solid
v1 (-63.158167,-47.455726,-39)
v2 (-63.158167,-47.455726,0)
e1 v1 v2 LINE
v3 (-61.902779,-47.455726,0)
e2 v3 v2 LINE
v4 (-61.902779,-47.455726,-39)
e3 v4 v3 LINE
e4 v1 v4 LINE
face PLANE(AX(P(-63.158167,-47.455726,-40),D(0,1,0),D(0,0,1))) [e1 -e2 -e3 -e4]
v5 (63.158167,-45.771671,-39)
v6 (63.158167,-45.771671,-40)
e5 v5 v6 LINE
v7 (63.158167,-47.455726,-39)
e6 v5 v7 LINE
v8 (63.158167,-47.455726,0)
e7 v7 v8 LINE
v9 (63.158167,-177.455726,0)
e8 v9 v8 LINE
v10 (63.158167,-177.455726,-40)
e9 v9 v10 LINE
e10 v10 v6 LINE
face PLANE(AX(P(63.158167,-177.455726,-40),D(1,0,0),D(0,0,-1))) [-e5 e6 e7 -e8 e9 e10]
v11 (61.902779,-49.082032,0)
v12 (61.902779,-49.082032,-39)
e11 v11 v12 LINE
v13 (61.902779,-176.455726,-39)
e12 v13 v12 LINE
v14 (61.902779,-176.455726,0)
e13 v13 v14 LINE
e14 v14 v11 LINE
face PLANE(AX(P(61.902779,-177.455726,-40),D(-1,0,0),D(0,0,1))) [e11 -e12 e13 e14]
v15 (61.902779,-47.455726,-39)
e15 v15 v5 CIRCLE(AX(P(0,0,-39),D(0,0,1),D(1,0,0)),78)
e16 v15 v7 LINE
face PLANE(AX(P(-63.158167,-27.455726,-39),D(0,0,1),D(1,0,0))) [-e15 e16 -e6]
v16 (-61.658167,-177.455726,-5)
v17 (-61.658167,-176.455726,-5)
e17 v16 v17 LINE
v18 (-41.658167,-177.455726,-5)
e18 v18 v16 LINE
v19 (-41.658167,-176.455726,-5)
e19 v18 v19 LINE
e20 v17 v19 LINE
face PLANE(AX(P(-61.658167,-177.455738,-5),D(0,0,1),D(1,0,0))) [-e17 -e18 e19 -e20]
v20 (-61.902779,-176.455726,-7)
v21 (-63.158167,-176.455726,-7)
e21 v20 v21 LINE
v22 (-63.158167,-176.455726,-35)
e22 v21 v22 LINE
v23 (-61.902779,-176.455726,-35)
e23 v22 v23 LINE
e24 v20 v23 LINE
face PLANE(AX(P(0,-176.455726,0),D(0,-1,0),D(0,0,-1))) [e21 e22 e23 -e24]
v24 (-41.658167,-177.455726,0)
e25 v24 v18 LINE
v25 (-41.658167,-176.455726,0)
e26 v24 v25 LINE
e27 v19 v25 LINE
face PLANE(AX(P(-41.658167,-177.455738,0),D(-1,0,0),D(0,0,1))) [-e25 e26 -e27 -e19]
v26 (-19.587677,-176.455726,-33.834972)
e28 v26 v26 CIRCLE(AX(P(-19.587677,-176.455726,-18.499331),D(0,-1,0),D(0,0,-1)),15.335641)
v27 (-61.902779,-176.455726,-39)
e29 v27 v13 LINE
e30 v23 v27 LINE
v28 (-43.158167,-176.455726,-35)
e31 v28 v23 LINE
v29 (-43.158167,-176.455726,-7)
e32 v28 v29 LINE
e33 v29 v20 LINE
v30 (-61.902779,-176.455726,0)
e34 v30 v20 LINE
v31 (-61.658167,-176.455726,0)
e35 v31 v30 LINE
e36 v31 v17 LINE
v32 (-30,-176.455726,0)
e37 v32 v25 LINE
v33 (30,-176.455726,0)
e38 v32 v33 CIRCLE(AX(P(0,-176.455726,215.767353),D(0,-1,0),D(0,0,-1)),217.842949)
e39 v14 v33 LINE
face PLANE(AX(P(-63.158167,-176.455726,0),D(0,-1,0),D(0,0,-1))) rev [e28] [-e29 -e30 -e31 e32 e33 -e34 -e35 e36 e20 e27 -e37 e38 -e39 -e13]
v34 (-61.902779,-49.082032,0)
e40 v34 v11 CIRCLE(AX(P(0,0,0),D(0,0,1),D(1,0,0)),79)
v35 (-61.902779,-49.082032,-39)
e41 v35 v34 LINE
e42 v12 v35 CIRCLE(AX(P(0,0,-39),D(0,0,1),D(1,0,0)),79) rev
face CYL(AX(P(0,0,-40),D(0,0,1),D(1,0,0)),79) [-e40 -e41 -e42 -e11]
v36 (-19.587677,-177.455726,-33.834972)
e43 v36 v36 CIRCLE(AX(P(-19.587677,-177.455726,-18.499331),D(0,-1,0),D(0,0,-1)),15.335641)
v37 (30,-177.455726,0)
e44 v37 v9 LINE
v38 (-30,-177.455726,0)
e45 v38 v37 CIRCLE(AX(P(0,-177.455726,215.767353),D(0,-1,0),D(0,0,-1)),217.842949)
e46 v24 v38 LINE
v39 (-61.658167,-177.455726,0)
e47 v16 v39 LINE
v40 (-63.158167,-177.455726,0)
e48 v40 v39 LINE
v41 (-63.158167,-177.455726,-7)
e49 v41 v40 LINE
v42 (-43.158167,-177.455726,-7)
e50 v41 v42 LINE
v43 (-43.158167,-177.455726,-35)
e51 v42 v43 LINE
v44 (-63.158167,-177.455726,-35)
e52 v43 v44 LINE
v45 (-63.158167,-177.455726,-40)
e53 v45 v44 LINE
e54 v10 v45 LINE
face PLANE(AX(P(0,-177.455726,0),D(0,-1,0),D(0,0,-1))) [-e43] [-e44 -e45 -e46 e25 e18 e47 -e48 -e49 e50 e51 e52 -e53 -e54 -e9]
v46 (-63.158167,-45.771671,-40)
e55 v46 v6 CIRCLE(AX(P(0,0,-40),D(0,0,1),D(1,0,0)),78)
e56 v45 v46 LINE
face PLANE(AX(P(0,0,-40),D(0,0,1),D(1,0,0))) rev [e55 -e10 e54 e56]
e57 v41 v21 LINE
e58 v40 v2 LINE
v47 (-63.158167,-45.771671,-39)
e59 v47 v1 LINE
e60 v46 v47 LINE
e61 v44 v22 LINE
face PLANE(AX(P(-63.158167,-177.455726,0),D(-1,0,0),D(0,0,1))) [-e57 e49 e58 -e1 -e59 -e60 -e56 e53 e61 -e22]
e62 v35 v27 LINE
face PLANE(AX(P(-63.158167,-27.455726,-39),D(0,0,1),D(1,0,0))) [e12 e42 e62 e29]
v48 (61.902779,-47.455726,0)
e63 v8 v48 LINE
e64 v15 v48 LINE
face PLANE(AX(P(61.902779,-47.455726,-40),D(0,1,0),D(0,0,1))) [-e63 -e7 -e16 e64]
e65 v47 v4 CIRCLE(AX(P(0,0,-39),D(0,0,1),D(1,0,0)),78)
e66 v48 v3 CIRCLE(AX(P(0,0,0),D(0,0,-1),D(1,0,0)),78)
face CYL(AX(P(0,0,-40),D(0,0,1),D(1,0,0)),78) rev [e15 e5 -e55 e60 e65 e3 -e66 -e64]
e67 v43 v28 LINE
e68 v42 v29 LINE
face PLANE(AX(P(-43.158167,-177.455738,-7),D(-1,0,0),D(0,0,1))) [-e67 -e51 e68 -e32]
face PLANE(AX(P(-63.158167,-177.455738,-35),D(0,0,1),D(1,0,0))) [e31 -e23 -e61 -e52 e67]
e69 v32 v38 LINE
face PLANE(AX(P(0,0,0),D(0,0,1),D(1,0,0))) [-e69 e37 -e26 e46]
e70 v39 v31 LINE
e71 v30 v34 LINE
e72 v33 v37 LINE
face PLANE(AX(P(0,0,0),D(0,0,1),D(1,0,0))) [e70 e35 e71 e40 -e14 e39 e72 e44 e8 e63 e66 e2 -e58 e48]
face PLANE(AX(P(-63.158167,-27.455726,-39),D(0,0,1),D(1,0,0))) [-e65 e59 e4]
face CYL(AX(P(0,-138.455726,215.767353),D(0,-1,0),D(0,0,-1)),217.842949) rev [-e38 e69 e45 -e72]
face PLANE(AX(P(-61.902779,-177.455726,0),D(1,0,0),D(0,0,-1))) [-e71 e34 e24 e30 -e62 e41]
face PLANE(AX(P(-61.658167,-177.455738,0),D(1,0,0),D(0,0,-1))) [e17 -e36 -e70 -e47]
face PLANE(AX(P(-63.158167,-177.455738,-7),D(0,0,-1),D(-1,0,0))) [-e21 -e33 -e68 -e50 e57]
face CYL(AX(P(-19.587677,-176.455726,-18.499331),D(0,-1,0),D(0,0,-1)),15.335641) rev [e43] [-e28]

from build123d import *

# Parameters (mm, degrees)
BOSS_EXTRUDE1_DEPTH     = 40
SKETCH3_W               = 1.255387907
SKETCH3_H               = 40
BOSS_EXTRUDE2_DEPTH     = 130
SKETCH4_W               = 126.316334496
SKETCH4_H               = 1
BOSS_EXTRUDE3_DEPTH     = 150
SKETCH5_R               = 78
CUT_EXTRUDE3_DEPTH      = 90
SKETCH6_W               = 126.316334496
SKETCH6_H               = 1
BOSS_EXTRUDE4_DEPTH     = 39
CUT_EXTRUDE4_DEPTH      = 39
CUT_EXTRUDE5_DEPTH      = 152.425375183
CUT_EXTRUDE5_DEPTH_BACK = 1
SKETCH8_W               = 20
SKETCH8_H               = 5
SKETCH8_H_2             = 28
SKETCH9_R               = 15.335640517
CUT_EXTRUDE6_DEPTH      = 1


with BuildPart() as part:
    # Sketch2 → Boss-Extrude1 (new body)
    with BuildSketch(Plane.XY):
        with BuildLine():
            Line((61.902779341, -47.455725786), (63.158167248, -47.455725786))
            ThreePointArc((63.158167248, -47.455725786), (0, -79), (-63.158167248, -47.455725786))
            Line((-63.158167248, -47.455725786), (-61.902779341, -47.455725786))
            ThreePointArc((-61.902779341, -47.455725786), (0, -78), (61.902779341, -47.455725786))
        make_face()
    extrude(amount=-BOSS_EXTRUDE1_DEPTH)

    # Sketch3 → Boss-Extrude2 (add)
    with BuildSketch(Plane(origin=(0, -47.455725786, 0), x_dir=(1, 0, 0), z_dir=(0, 1, 0))):
        with Locations((-62.530473295, 20)):
            Rectangle(SKETCH3_W, SKETCH3_H)
        with Locations((62.530473295, 20)):
            Rectangle(SKETCH3_W, SKETCH3_H)
    extrude(amount=-BOSS_EXTRUDE2_DEPTH)

    # Sketch4 → Boss-Extrude3 (add)
    with BuildSketch(Plane.XZ.offset(177.455725786)):
        with Locations((0, -39.5)):
            Rectangle(SKETCH4_W, SKETCH4_H)
    extrude(amount=-BOSS_EXTRUDE3_DEPTH)

    # Sketch5 → Cut-Extrude3 (cut)
    with BuildSketch(Plane.XY.offset(-39)):
        Circle(SKETCH5_R)
    extrude(amount=-CUT_EXTRUDE3_DEPTH, mode=Mode.SUBTRACT)

    # Sketch6 → Boss-Extrude4 (add)
    with BuildSketch(Plane.XY.offset(-39)):
        with Locations((0, -176.955725786)):
            Rectangle(SKETCH6_W, SKETCH6_H)
    extrude(amount=BOSS_EXTRUDE4_DEPTH)

    # Sketch7 → Cut-Extrude4 (cut)
    with BuildSketch(Plane.XZ.offset(177.455725786)):
        with BuildLine():
            Line((0, 0), (-30, 0))
            ThreePointArc((-30, 0), (0, -2.075596442), (30, 0))
            Line((30, 0), (0, 0))
        make_face()
    extrude(amount=-CUT_EXTRUDE4_DEPTH, mode=Mode.SUBTRACT)

    # Sketch8 → Cut-Extrude5 (cut, two sides: drawn at the far end of the back side and taken through both)
    with BuildSketch(Plane.XZ.offset(177.455725786).offset(-CUT_EXTRUDE5_DEPTH_BACK)):
        with Locations((-51.658167248, -2.5)):
            Rectangle(SKETCH8_W, SKETCH8_H)
        with Locations((-53.158167248, -21)):
            Rectangle(SKETCH8_W, SKETCH8_H_2)
    extrude(amount=CUT_EXTRUDE5_DEPTH + CUT_EXTRUDE5_DEPTH_BACK, mode=Mode.SUBTRACT)

    # Sketch9 → Cut-Extrude6 (cut)
    with BuildSketch(Plane.XZ.offset(177.455725786)):
        with Locations(Location((-19.587676617, -18.499331227, 0), (0, 0, 270))):
            Circle(SKETCH9_R)
    extrude(amount=-CUT_EXTRUDE6_DEPTH, mode=Mode.SUBTRACT)


solid = part.part
